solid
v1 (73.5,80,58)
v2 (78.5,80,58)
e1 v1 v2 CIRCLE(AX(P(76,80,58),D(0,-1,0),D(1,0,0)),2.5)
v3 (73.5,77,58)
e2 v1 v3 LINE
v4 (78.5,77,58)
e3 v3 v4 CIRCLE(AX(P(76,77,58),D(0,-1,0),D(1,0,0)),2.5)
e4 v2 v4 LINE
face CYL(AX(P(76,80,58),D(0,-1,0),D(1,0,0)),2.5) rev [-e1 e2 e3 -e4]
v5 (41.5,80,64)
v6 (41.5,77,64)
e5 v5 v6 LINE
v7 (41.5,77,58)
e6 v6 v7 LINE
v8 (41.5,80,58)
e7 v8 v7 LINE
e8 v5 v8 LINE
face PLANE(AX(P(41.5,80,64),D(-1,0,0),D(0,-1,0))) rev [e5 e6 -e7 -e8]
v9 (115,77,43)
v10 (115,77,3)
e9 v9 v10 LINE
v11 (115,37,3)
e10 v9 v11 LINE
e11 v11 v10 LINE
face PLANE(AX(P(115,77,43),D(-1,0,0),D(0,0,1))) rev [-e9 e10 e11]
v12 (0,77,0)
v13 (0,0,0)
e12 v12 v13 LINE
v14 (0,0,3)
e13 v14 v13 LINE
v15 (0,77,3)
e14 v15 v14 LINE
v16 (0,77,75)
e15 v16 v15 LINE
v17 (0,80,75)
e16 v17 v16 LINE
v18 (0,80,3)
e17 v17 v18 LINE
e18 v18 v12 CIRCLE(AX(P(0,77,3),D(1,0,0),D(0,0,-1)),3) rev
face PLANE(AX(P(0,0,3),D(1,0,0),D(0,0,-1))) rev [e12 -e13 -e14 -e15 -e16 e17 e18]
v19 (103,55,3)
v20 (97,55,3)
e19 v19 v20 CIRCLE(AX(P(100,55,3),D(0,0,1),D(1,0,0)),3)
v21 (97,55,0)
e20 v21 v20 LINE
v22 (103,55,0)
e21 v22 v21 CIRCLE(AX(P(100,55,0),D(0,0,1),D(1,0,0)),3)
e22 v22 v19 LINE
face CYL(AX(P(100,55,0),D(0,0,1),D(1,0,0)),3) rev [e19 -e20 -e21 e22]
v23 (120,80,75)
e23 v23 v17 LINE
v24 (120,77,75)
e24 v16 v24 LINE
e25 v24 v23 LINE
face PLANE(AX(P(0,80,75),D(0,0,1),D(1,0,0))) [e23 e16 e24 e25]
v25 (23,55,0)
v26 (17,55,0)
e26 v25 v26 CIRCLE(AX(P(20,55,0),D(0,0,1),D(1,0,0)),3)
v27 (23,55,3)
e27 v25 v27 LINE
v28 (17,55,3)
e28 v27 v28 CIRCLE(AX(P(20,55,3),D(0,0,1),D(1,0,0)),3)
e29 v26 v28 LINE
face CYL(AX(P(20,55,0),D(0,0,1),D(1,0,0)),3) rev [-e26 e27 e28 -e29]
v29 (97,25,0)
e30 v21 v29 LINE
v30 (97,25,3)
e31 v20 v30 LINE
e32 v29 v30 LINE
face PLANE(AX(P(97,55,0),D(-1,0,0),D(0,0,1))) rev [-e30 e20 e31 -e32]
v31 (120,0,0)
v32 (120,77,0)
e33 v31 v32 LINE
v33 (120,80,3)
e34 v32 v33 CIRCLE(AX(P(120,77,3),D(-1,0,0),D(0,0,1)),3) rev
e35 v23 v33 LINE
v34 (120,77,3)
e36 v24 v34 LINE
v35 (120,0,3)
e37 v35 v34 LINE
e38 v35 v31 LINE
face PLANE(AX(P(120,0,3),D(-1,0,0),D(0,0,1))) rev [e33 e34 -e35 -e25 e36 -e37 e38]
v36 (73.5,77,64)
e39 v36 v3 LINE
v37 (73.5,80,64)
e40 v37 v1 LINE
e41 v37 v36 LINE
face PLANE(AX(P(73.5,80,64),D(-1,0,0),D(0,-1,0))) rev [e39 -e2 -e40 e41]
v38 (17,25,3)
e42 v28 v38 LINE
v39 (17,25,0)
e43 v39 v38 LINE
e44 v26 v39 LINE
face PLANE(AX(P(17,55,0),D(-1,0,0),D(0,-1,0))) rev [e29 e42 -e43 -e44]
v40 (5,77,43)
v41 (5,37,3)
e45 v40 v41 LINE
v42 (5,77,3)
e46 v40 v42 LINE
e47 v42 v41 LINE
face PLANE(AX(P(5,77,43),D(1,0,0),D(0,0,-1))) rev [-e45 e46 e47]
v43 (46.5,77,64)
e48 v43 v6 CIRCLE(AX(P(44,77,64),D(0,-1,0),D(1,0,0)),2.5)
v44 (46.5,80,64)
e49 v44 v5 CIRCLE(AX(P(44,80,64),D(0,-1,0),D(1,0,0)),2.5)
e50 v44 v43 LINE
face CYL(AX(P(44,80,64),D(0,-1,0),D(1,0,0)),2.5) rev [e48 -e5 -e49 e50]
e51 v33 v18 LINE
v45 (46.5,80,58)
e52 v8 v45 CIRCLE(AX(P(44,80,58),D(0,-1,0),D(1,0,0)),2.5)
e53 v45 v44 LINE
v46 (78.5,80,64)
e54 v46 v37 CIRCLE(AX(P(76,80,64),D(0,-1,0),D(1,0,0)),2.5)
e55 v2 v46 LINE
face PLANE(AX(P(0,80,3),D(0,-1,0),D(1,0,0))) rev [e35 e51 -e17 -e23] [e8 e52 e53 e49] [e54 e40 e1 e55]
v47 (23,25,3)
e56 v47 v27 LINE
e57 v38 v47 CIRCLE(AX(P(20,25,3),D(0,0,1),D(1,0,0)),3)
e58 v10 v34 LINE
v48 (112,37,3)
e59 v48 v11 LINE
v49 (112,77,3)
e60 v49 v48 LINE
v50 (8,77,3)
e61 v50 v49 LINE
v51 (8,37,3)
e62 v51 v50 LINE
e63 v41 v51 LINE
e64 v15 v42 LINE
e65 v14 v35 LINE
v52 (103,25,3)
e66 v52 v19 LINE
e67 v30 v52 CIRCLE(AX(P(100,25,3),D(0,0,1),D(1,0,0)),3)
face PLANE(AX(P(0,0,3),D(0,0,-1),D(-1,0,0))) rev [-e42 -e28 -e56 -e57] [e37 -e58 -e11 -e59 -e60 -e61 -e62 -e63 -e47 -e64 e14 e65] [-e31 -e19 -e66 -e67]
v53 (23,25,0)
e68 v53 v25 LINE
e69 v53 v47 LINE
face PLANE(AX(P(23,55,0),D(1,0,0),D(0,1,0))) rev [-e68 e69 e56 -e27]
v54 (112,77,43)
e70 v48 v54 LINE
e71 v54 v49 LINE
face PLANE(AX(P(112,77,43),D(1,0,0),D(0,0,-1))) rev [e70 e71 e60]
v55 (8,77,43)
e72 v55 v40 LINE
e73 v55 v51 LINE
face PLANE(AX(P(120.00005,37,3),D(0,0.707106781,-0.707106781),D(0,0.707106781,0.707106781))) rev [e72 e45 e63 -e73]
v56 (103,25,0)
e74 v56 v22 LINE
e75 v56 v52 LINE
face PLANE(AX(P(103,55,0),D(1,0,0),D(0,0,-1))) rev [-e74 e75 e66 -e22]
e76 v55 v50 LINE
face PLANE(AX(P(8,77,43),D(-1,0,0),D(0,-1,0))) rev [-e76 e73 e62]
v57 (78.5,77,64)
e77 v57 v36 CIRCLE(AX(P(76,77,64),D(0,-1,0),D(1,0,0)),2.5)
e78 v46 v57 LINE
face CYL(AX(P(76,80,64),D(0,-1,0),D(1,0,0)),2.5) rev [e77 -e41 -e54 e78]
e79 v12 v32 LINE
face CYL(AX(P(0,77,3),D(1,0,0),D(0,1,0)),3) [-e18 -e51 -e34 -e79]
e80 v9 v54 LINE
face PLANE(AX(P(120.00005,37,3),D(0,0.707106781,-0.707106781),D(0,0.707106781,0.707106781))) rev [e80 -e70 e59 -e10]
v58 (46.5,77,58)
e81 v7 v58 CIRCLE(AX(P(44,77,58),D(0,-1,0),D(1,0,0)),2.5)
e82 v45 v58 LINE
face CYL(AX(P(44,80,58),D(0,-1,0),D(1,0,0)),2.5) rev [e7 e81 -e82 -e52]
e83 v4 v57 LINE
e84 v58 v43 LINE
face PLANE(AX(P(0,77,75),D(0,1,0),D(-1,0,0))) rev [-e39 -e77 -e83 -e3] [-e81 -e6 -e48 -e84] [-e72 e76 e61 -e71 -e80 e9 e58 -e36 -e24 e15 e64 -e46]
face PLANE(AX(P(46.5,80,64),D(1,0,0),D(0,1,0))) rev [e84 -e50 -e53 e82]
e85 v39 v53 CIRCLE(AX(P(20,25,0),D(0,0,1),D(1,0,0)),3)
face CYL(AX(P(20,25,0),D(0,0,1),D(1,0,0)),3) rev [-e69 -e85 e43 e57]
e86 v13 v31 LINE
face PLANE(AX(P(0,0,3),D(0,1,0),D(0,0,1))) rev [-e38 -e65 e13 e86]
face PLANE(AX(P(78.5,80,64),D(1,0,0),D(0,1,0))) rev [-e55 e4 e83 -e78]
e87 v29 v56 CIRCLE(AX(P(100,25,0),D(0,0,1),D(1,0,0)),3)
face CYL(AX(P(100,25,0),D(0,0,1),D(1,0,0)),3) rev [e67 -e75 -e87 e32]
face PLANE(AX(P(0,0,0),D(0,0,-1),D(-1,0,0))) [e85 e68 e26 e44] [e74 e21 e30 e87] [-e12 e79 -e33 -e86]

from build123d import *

# Parameters (mm, degrees)
ESQUISSE1_W             = 120
ESQUISSE1_H             = 80
BASE_EXTRUSION_DEPTH    = 3
ESQUISSE2_W             = 120
ESQUISSE2_H             = 3
BOSS_EXTRU_1_DEPTH      = 72
ENL_V_MAT_EXTRU_1_DEPTH = 3
ESQUISSE6_W             = 3
ESQUISSE6_H             = 40
BOSS_EXTRU_2_DEPTH      = 40
ENL_V_MAT_EXTRU_3_DEPTH = 3
ENL_V_MAT_EXTRU_5_DEPTH = 159.902485821
CONG_1_R                = 3


with BuildPart() as part:
    # Esquisse1 → Base-Extrusion (new body)
    with BuildSketch(Plane.XY):
        with Locations((60, 40)):
            Rectangle(ESQUISSE1_W, ESQUISSE1_H)
    extrude(amount=BASE_EXTRUSION_DEPTH)

    # Esquisse2 → Boss.-Extru.1 (add)
    with BuildSketch(Plane.XY.offset(3)):
        with Locations((60, 78.5)):
            Rectangle(ESQUISSE2_W, ESQUISSE2_H)
    extrude(amount=BOSS_EXTRU_1_DEPTH)

    # Esquisse5 → Enlèv. mat.-Extru.1 (cut)
    with BuildSketch(Plane.XY.offset(3)):
        with BuildLine():
            Line((17, 55), (17, 25))
            ThreePointArc((17, 25), (20, 22), (23, 25))
            Line((23, 25), (23, 55))
            ThreePointArc((23, 55), (20, 58), (17, 55))
        make_face()
        with BuildLine():
            Line((97, 55), (97, 25))
            ThreePointArc((97, 25), (100, 22), (103, 25))
            Line((103, 25), (103, 55))
            ThreePointArc((103, 55), (100, 58), (97, 55))
        make_face()
    extrude(amount=-ENL_V_MAT_EXTRU_1_DEPTH, mode=Mode.SUBTRACT)

    # Esquisse6 → Boss.-Extru.2 (add)
    with BuildSketch(Plane.XY.offset(3)):
        with Locations((6.5, 57)):
            Rectangle(ESQUISSE6_W, ESQUISSE6_H)
        with Locations((113.5, 57)):
            Rectangle(ESQUISSE6_W, ESQUISSE6_H)
    extrude(amount=BOSS_EXTRU_2_DEPTH)

    # Esquisse8 → Enlèv. mat.-Extru.3 (cut)
    with BuildSketch(Plane.XZ.offset(-77)):
        with BuildLine():
            Line((41.5, 64), (41.5, 58))
            ThreePointArc((41.5, 58), (44, 55.5), (46.5, 58))
            Line((46.5, 58), (46.5, 64))
            ThreePointArc((46.5, 64), (44, 66.5), (41.5, 64))
        make_face()
        with BuildLine():
            Line((73.5, 64), (73.5, 58))
            ThreePointArc((73.5, 58), (76, 55.5), (78.5, 58))
            Line((78.5, 58), (78.5, 64))
            ThreePointArc((78.5, 64), (76, 66.5), (73.5, 64))
        make_face()
    extrude(amount=-ENL_V_MAT_EXTRU_3_DEPTH, mode=Mode.SUBTRACT)

    # Esquisse10 → Enlèv. mat.-Extru.5 (cut, through all)
    with BuildSketch(Plane.ZY.offset(-5)):
        Polygon((3, 37), (43, 77), (43, 37), align=None)
    extrude(amount=-ENL_V_MAT_EXTRU_5_DEPTH, mode=Mode.SUBTRACT)

    # Congé1
    cong_1_edges = [part.edges().sort_by_distance(p)[0] for p in [
        (60, 80, 0),
    ]]
    fillet(cong_1_edges, radius=CONG_1_R)


solid = part.part
